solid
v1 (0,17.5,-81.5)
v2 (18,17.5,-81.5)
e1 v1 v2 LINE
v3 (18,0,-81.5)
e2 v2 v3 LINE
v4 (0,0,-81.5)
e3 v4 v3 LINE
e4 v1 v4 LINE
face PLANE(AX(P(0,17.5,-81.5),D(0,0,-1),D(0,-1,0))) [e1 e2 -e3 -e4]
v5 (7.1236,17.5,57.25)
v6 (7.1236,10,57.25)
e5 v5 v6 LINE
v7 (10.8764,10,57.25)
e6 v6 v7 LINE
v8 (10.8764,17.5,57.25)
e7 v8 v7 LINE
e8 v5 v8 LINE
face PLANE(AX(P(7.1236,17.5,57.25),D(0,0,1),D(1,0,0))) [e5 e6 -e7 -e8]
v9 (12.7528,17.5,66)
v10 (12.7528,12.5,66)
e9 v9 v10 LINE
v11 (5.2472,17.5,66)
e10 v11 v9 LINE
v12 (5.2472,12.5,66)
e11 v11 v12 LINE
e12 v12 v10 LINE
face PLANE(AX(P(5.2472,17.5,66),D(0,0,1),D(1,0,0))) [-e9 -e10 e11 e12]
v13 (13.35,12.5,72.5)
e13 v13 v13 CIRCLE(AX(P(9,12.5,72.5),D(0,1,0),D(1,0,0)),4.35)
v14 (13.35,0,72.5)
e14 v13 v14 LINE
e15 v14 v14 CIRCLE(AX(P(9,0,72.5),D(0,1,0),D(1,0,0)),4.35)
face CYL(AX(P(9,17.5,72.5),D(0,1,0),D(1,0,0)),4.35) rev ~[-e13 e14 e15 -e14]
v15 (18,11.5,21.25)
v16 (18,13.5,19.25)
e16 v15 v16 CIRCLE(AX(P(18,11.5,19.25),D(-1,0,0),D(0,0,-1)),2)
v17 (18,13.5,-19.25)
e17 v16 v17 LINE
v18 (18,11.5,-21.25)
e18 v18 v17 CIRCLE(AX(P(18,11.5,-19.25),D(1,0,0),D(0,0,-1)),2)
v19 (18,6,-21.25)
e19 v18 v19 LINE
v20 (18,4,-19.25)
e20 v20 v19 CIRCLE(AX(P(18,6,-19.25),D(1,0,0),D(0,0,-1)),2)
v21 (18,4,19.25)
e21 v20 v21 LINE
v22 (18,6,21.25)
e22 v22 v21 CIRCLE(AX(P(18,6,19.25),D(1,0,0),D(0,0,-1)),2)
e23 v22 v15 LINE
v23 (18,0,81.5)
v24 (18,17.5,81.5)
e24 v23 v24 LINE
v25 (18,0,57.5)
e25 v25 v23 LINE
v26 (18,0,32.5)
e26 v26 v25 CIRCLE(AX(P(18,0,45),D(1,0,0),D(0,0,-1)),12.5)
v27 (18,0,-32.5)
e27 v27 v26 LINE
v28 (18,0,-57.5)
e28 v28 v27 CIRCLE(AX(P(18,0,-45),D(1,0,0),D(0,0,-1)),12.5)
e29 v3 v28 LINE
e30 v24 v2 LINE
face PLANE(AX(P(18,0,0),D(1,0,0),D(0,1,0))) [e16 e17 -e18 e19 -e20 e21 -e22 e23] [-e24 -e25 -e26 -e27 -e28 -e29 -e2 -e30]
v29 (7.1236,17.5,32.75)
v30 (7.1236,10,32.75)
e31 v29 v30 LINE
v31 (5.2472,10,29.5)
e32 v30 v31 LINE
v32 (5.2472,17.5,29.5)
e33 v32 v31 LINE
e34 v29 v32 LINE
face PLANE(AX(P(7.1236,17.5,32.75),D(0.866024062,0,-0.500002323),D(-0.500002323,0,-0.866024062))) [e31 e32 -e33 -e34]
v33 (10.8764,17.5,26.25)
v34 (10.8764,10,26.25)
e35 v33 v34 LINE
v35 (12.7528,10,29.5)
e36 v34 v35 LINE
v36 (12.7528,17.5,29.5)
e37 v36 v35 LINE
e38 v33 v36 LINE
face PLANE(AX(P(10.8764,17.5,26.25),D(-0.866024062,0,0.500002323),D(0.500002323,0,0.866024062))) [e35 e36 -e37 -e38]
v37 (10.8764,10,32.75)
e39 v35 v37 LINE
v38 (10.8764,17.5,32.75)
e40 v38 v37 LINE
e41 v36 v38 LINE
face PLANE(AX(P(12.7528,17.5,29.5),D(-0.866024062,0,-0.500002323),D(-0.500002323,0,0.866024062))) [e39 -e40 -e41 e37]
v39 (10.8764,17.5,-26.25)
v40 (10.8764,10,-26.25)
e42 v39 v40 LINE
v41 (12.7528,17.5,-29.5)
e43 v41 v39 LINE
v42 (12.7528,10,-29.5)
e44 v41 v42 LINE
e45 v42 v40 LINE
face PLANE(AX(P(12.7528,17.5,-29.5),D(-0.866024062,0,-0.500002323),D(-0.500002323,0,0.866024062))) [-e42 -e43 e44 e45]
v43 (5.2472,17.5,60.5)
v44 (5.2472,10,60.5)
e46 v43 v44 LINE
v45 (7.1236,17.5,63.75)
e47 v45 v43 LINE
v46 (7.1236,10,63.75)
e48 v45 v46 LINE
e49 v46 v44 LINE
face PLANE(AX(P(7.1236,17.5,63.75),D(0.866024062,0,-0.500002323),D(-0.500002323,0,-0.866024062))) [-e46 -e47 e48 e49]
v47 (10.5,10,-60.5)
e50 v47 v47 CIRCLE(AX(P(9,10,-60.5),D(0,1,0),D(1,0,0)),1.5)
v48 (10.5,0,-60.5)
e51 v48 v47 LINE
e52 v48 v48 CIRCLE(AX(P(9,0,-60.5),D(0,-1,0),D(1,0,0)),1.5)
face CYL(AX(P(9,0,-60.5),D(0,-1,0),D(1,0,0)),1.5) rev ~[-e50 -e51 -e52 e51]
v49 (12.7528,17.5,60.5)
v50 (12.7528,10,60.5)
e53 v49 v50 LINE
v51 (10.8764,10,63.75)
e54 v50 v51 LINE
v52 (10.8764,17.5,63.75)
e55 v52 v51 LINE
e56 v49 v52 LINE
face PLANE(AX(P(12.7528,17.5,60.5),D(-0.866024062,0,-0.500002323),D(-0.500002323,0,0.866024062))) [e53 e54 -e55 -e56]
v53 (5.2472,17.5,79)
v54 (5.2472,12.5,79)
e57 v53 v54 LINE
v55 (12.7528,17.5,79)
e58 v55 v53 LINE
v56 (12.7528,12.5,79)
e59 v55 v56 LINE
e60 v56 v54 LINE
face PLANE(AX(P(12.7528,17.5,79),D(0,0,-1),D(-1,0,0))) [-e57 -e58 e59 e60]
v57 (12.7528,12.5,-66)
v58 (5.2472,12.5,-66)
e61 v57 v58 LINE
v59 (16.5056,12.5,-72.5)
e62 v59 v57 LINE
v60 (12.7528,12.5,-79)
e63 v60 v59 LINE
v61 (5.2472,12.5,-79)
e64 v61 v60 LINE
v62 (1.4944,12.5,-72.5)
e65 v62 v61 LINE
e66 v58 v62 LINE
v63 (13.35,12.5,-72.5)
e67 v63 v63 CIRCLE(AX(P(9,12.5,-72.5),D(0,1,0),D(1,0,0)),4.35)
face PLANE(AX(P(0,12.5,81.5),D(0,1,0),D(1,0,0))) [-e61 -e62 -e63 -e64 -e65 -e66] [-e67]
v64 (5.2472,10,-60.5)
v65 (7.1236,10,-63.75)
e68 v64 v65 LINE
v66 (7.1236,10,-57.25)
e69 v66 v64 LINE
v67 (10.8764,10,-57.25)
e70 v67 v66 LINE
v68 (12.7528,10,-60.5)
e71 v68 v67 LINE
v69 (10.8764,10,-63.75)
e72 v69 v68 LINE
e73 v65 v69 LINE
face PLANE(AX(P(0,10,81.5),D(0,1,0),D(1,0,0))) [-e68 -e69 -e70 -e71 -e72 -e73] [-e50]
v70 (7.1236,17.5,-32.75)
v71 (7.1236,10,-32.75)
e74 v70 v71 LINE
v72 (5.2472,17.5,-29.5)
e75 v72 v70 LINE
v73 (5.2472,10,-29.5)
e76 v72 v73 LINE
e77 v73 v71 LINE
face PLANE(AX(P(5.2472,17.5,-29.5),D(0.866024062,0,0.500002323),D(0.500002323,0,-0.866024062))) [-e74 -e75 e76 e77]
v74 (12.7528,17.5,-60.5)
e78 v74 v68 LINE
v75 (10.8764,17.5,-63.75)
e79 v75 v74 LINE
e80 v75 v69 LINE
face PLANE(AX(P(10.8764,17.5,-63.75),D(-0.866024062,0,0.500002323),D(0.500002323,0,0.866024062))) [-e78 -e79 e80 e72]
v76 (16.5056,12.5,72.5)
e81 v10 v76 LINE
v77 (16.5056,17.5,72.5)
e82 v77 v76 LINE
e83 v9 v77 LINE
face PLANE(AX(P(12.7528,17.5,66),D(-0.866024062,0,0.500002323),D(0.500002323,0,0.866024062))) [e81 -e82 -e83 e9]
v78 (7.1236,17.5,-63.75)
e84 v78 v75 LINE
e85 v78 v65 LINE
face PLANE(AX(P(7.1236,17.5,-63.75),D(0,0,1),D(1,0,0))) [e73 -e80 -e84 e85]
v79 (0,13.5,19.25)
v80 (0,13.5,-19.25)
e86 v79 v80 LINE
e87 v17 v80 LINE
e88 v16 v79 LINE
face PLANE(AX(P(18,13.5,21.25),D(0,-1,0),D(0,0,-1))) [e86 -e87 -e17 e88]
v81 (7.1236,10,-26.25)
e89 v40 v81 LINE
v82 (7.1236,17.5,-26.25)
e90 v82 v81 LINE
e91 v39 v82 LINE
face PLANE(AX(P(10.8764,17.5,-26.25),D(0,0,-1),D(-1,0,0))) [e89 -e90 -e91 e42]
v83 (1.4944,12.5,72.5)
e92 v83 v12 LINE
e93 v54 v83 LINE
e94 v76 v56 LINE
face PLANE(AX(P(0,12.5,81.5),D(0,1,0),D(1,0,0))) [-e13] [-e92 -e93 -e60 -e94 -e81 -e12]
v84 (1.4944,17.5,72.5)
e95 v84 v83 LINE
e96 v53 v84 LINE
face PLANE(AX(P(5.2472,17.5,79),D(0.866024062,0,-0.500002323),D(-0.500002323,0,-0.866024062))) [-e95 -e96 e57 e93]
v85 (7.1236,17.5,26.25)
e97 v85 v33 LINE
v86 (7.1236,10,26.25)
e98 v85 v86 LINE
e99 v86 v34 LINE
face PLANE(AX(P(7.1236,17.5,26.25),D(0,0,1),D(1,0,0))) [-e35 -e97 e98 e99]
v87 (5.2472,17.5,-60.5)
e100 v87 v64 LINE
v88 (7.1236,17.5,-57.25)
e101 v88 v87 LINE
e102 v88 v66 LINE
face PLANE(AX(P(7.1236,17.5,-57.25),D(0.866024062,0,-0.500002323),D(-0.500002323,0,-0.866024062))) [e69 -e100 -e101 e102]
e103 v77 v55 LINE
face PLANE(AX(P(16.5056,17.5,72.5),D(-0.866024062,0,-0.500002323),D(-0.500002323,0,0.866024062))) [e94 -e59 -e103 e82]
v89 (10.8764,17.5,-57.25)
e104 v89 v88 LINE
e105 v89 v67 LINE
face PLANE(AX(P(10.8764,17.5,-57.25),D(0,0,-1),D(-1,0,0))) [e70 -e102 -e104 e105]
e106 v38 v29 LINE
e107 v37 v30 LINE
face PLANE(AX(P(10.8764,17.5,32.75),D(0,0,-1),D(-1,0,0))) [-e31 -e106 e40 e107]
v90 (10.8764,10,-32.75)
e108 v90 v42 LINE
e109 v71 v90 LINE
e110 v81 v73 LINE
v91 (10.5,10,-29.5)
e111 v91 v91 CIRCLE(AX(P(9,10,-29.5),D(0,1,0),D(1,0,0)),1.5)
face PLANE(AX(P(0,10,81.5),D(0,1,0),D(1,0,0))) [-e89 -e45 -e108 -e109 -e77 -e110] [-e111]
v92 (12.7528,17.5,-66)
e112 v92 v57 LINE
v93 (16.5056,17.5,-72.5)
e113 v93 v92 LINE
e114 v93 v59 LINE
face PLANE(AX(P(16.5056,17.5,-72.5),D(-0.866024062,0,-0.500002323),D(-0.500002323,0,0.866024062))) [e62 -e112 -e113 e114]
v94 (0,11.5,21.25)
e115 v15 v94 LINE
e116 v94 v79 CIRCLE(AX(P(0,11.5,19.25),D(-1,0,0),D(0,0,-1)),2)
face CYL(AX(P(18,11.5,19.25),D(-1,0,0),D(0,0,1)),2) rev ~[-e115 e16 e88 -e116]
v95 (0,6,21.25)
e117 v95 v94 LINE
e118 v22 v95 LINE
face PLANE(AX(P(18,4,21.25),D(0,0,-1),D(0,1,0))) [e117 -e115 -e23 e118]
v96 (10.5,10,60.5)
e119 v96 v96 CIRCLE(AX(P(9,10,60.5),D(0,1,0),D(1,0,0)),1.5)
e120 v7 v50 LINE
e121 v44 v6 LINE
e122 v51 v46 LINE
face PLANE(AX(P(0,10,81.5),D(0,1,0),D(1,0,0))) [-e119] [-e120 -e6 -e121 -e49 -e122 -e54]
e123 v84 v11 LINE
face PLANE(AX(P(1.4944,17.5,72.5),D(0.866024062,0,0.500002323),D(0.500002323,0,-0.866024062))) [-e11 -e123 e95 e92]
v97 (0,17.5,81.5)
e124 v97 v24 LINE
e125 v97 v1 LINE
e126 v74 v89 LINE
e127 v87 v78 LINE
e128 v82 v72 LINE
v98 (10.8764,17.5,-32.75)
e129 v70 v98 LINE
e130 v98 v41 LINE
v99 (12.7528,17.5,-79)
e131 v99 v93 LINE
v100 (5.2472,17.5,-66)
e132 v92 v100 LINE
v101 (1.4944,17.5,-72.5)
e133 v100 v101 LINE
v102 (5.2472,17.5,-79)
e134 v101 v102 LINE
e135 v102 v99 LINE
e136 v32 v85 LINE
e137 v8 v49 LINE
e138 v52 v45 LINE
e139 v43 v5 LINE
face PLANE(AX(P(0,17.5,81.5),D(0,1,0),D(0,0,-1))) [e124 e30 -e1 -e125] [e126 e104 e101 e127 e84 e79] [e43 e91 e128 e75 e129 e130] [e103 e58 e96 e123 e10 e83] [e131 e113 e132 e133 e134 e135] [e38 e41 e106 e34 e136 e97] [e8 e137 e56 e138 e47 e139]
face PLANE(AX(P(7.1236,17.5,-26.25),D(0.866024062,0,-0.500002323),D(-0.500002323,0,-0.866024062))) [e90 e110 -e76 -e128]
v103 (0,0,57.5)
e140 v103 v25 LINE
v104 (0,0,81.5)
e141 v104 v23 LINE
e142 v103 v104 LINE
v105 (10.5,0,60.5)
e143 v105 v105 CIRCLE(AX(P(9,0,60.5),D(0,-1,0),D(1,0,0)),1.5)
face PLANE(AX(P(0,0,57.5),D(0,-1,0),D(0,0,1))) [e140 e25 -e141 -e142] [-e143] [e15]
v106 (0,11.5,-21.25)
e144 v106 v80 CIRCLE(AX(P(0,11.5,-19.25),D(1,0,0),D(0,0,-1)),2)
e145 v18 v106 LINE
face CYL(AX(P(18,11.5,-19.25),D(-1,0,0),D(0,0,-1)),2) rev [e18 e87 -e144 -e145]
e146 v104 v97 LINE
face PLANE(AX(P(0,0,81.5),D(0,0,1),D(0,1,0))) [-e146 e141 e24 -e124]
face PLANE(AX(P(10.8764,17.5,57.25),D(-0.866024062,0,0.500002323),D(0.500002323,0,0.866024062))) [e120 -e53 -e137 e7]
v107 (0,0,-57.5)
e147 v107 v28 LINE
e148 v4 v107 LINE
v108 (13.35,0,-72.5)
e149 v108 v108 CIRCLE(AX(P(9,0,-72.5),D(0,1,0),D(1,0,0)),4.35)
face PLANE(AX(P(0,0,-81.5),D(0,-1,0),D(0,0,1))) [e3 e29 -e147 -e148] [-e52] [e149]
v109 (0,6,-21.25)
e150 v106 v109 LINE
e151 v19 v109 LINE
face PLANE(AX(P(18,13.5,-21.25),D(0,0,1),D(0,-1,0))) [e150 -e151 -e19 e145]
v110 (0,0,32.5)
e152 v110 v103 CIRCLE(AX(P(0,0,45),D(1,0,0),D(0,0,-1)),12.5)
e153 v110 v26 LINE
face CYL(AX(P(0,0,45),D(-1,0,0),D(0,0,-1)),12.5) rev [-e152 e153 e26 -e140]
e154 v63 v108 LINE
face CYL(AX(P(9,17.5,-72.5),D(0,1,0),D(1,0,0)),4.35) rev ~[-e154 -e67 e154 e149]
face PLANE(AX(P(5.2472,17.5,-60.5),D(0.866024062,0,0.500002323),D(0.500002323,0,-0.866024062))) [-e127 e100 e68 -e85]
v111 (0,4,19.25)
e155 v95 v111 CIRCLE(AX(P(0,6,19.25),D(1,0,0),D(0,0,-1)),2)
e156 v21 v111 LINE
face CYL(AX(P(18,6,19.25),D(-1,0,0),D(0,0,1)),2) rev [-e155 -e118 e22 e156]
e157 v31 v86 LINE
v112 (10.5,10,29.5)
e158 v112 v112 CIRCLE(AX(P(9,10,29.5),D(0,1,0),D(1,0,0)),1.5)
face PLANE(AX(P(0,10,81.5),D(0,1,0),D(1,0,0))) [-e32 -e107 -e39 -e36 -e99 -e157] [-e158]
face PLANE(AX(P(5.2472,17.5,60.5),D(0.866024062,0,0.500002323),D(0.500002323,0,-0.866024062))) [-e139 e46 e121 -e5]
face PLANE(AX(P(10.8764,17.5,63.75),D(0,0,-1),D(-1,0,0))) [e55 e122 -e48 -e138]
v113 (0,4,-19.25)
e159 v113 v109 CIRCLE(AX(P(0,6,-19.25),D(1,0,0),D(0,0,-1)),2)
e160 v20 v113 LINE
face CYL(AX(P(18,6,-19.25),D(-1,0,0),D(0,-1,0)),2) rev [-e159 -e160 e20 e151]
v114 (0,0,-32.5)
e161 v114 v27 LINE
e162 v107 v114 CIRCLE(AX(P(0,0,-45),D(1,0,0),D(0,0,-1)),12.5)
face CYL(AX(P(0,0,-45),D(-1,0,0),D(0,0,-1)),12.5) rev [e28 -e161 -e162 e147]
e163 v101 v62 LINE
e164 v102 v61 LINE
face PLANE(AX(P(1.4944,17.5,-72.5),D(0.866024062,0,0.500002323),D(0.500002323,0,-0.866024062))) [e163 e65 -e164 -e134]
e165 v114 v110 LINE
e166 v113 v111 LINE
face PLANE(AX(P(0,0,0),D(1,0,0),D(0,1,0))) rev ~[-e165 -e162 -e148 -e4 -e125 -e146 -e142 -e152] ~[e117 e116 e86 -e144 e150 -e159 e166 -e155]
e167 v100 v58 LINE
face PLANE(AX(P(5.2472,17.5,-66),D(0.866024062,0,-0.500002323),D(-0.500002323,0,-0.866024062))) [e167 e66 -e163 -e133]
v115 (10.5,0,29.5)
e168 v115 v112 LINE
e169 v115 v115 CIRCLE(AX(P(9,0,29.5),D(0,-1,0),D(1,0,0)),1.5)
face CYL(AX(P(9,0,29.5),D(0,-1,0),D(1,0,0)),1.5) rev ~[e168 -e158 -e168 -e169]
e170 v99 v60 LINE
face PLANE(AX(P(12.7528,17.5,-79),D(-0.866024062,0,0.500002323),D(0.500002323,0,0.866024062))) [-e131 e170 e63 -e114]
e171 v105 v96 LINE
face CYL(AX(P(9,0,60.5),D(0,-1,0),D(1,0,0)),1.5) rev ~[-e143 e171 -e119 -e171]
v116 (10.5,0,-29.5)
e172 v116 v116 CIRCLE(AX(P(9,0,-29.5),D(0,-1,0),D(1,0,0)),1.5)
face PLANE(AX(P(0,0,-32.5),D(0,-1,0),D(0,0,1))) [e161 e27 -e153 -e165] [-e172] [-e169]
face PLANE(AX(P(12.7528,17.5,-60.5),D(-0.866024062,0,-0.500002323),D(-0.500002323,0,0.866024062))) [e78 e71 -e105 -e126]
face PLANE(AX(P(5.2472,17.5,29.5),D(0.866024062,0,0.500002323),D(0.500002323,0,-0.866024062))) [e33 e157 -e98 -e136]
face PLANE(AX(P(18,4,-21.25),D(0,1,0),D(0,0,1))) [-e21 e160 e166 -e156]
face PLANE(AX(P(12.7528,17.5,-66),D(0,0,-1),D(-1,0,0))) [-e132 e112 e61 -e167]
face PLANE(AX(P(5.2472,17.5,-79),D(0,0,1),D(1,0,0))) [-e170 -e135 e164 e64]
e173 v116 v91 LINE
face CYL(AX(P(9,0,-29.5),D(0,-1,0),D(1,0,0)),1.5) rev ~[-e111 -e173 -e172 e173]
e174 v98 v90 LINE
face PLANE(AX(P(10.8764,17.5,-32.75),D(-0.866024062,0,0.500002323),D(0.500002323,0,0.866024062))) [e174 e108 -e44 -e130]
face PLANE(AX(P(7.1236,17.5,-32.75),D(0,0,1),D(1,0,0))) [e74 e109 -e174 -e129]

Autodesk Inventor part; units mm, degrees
ref_plane "YZ Plane" through (0, 0, 0) normal (1, 0, 0) x (0, 1, 0)
ref_plane "XZ Plane" through (0, 0, 0) normal (0, 1, 0) x (-1, 0, 0)
ref_plane "XY Plane" through (0, 0, 0) normal (0, 0, 1) x (1, 0, 0)
sketch "Sketch1" plane through (0, 0, 0) normal (1, 0, 0) x (0, 1, 0)
  arc A0 (0, 32.5) -> (0, 57.5) centre (0, 45) ccw
  arc A1 (0, -57.5) -> (0, -32.5) centre (0, -45) ccw
  line L0 (0, 81.5) -> (17.5, 81.5)
  line L1 (17.5, 81.5) -> (17.5, -81.5)
  line L2 (17.5, -81.5) -> (0, -81.5)
  line L3 (0, 57.5) -> (0, 81.5)
  line L4 (0, -81.5) -> (0, -57.5)
  line L5 (0, -32.5) -> (0, 32.5)
  point P0 (0, 0)
  point P1 (0, 0)
  point P2 (17.5, 0)
  point P3 (0, 69.5)
  point P4 (0, -69.5)
  point P5 (12.5, 45)
  dimension "d0" = 25
  dimension "d2" = 90
  dimension "d3" = 45
  dimension "d4" = 24
  dimension "d15" = 5
extrude "Extrusion1" add sketch "Sketch1" along normal blind 18
sketch "Sketch2" plane through (0, 17.5, 81.5) normal (0, 1, 0) x (1, 0, 0)
  circle A0 centre (9, 9) radius 4.35
  circle A1 centre (9, 154) radius 4.35
  line L0 (18, 163) -> (18, 0) projected
  line L1 (0, 0) -> (18, 0) projected
  line L2 (0, 163) -> (18, 163) projected
  point P0 (0, 81.5)
  dimension "d7" = 8.7
  dimension "d8" = 8.7
  dimension "d9" = 9
  dimension "d10" = 9
  dimension "d11" = 9
extrude "Extrusion2" cut sketch "Sketch2" against normal blind 29.5
sketch "Sketch3" plane through (0, 17.5, 81.5) normal (0, 1, 0) x (1, 0, 0)
  circle A0 centre (9, 154) radius 4.35 projected
  line L0 (12.7528, 160.5) -> (16.5056, 154)
  line L1 (16.5056, 154) -> (12.7528, 147.5)
  line L2 (12.7528, 147.5) -> (5.2472, 147.5)
  line L3 (5.2472, 147.5) -> (1.4944, 154)
  line L4 (1.4944, 154) -> (5.2472, 160.5)
  line L5 (5.2472, 160.5) -> (12.7528, 160.5)
  line L6 (0, 163) -> (18, 163) projected
  circle A1 centre (9, 9) radius 4.35 projected
  line L7 (12.7528, 2.5) -> (5.2472, 2.5)
  line L8 (5.2472, 2.5) -> (1.4944, 9)
  line L9 (1.4944, 9) -> (5.2472, 15.5)
  line L10 (5.2472, 15.5) -> (12.7528, 15.5)
  line L11 (12.7528, 15.5) -> (16.5056, 9)
  line L12 (16.5056, 9) -> (12.7528, 2.5)
  line L13 (0, 0) -> (18, 0) projected
  point P0 (0, 81.5)
  dimension "d16" = 13
  dimension "d17" = 13
extrude "Extrusion3" cut sketch "Sketch3" against normal blind 5
sketch "Sketch4" plane through (0, 0, 57.5) normal (0, -1, 0) x (1, 0, 0)
  circle A0 centre (9, 3) radius 1.5
  circle A1 centre (9, -28) radius 1.5
  circle A2 centre (9, -87) radius 1.5
  circle A3 centre (9, -118) radius 1.5
  line L0 (0, 0) -> (18, 0) projected
  line L1 (0, -25) -> (18, -25) projected
  line L2 (0, -90) -> (18, -90) projected
  line L3 (0, -115) -> (18, -115) projected
  line L4 (0, -139) -> (18, -139) projected
  point P0 (0, -57.5)
  point P1 (9, -139)
  dimension "d20" = 3
  dimension "d21" = 3
  dimension "d22" = 3
  dimension "d23" = 3
  dimension "d24" = 3
extrude "Extrusion4" cut sketch "Sketch4" against normal blind 22
sketch "Sketch5" plane through (0, 17.5, 81.5) normal (0, 1, 0) x (1, 0, 0)
  circle A0 centre (9, 21) radius 1.5 projected
  line L0 (10.8764, 24.25) -> (12.7528, 21)
  line L1 (12.7528, 21) -> (10.8764, 17.75)
  line L2 (10.8764, 17.75) -> (7.1236, 17.75)
  line L3 (7.1236, 17.75) -> (5.2472, 21)
  line L4 (5.2472, 21) -> (7.1236, 24.25)
  line L5 (7.1236, 24.25) -> (10.8764, 24.25)
  circle A1 centre (9, 52) radius 1.5 projected
  line L6 (7.1236, 55.25) -> (10.8764, 55.25)
  line L7 (10.8764, 55.25) -> (12.7528, 52)
  line L8 (12.7528, 52) -> (10.8764, 48.75)
  line L9 (10.8764, 48.75) -> (7.1236, 48.75)
  line L10 (7.1236, 48.75) -> (5.2472, 52)
  line L11 (5.2472, 52) -> (7.1236, 55.25)
  circle A2 centre (9, 111) radius 1.5 projected
  line L12 (7.1236, 114.25) -> (10.8764, 114.25)
  line L13 (10.8764, 114.25) -> (12.7528, 111)
  line L14 (12.7528, 111) -> (10.8764, 107.75)
  line L15 (10.8764, 107.75) -> (7.1236, 107.75)
  line L16 (7.1236, 107.75) -> (5.2472, 111)
  line L17 (5.2472, 111) -> (7.1236, 114.25)
  circle A3 centre (9, 142) radius 1.5 projected
  line L18 (7.1236, 145.25) -> (10.8764, 145.25)
  line L19 (10.8764, 145.25) -> (12.7528, 142)
  line L20 (12.7528, 142) -> (10.8764, 138.75)
  line L21 (10.8764, 138.75) -> (7.1236, 138.75)
  line L22 (7.1236, 138.75) -> (5.2472, 142)
  line L23 (5.2472, 142) -> (7.1236, 145.25)
  line L24 (12.7528, 147.5) -> (5.2472, 147.5) projected
  point P0 (0, 81.5)
  dimension "d27" = 6.5
  dimension "d28" = 6.5
  dimension "d29" = 6.5
  dimension "d30" = 6.5
extrude "Extrusion5" cut sketch "Sketch5" against normal blind 7.5
sketch "Sketch6" plane through (18, 0, 0) normal (1, 0, 0) x (0, 0, -1)
  line L0 (-21.25, 13.5) -> (21.25, 13.5)
  line L1 (21.25, 13.5) -> (21.25, 4)
  line L2 (21.25, 4) -> (-21.25, 4)
  line L3 (-21.25, 4) -> (-21.25, 13.5)
  line L4 (-26.25, 17.5) -> (-26.25, 10) projected
  line L5 (26.25, 17.5) -> (26.25, 10) projected
  line L6 (81.5, 17.5) -> (-81.5, 17.5) projected
  point P0 (0, 0)
  dimension "d33" = 5
  dimension "d34" = 5
  dimension "d35" = 4
  dimension "d36" = 4
extrude "Extrusion6" cut sketch "Sketch6" against normal blind 60.25
fillet "Fillet1" radius 2 4 edges at (9, 4, 21.25) (9, 13.5, 21.25) (9, 13.5, -21.25) (9, 4, -21.25)
properties part number "Mount_Block"
